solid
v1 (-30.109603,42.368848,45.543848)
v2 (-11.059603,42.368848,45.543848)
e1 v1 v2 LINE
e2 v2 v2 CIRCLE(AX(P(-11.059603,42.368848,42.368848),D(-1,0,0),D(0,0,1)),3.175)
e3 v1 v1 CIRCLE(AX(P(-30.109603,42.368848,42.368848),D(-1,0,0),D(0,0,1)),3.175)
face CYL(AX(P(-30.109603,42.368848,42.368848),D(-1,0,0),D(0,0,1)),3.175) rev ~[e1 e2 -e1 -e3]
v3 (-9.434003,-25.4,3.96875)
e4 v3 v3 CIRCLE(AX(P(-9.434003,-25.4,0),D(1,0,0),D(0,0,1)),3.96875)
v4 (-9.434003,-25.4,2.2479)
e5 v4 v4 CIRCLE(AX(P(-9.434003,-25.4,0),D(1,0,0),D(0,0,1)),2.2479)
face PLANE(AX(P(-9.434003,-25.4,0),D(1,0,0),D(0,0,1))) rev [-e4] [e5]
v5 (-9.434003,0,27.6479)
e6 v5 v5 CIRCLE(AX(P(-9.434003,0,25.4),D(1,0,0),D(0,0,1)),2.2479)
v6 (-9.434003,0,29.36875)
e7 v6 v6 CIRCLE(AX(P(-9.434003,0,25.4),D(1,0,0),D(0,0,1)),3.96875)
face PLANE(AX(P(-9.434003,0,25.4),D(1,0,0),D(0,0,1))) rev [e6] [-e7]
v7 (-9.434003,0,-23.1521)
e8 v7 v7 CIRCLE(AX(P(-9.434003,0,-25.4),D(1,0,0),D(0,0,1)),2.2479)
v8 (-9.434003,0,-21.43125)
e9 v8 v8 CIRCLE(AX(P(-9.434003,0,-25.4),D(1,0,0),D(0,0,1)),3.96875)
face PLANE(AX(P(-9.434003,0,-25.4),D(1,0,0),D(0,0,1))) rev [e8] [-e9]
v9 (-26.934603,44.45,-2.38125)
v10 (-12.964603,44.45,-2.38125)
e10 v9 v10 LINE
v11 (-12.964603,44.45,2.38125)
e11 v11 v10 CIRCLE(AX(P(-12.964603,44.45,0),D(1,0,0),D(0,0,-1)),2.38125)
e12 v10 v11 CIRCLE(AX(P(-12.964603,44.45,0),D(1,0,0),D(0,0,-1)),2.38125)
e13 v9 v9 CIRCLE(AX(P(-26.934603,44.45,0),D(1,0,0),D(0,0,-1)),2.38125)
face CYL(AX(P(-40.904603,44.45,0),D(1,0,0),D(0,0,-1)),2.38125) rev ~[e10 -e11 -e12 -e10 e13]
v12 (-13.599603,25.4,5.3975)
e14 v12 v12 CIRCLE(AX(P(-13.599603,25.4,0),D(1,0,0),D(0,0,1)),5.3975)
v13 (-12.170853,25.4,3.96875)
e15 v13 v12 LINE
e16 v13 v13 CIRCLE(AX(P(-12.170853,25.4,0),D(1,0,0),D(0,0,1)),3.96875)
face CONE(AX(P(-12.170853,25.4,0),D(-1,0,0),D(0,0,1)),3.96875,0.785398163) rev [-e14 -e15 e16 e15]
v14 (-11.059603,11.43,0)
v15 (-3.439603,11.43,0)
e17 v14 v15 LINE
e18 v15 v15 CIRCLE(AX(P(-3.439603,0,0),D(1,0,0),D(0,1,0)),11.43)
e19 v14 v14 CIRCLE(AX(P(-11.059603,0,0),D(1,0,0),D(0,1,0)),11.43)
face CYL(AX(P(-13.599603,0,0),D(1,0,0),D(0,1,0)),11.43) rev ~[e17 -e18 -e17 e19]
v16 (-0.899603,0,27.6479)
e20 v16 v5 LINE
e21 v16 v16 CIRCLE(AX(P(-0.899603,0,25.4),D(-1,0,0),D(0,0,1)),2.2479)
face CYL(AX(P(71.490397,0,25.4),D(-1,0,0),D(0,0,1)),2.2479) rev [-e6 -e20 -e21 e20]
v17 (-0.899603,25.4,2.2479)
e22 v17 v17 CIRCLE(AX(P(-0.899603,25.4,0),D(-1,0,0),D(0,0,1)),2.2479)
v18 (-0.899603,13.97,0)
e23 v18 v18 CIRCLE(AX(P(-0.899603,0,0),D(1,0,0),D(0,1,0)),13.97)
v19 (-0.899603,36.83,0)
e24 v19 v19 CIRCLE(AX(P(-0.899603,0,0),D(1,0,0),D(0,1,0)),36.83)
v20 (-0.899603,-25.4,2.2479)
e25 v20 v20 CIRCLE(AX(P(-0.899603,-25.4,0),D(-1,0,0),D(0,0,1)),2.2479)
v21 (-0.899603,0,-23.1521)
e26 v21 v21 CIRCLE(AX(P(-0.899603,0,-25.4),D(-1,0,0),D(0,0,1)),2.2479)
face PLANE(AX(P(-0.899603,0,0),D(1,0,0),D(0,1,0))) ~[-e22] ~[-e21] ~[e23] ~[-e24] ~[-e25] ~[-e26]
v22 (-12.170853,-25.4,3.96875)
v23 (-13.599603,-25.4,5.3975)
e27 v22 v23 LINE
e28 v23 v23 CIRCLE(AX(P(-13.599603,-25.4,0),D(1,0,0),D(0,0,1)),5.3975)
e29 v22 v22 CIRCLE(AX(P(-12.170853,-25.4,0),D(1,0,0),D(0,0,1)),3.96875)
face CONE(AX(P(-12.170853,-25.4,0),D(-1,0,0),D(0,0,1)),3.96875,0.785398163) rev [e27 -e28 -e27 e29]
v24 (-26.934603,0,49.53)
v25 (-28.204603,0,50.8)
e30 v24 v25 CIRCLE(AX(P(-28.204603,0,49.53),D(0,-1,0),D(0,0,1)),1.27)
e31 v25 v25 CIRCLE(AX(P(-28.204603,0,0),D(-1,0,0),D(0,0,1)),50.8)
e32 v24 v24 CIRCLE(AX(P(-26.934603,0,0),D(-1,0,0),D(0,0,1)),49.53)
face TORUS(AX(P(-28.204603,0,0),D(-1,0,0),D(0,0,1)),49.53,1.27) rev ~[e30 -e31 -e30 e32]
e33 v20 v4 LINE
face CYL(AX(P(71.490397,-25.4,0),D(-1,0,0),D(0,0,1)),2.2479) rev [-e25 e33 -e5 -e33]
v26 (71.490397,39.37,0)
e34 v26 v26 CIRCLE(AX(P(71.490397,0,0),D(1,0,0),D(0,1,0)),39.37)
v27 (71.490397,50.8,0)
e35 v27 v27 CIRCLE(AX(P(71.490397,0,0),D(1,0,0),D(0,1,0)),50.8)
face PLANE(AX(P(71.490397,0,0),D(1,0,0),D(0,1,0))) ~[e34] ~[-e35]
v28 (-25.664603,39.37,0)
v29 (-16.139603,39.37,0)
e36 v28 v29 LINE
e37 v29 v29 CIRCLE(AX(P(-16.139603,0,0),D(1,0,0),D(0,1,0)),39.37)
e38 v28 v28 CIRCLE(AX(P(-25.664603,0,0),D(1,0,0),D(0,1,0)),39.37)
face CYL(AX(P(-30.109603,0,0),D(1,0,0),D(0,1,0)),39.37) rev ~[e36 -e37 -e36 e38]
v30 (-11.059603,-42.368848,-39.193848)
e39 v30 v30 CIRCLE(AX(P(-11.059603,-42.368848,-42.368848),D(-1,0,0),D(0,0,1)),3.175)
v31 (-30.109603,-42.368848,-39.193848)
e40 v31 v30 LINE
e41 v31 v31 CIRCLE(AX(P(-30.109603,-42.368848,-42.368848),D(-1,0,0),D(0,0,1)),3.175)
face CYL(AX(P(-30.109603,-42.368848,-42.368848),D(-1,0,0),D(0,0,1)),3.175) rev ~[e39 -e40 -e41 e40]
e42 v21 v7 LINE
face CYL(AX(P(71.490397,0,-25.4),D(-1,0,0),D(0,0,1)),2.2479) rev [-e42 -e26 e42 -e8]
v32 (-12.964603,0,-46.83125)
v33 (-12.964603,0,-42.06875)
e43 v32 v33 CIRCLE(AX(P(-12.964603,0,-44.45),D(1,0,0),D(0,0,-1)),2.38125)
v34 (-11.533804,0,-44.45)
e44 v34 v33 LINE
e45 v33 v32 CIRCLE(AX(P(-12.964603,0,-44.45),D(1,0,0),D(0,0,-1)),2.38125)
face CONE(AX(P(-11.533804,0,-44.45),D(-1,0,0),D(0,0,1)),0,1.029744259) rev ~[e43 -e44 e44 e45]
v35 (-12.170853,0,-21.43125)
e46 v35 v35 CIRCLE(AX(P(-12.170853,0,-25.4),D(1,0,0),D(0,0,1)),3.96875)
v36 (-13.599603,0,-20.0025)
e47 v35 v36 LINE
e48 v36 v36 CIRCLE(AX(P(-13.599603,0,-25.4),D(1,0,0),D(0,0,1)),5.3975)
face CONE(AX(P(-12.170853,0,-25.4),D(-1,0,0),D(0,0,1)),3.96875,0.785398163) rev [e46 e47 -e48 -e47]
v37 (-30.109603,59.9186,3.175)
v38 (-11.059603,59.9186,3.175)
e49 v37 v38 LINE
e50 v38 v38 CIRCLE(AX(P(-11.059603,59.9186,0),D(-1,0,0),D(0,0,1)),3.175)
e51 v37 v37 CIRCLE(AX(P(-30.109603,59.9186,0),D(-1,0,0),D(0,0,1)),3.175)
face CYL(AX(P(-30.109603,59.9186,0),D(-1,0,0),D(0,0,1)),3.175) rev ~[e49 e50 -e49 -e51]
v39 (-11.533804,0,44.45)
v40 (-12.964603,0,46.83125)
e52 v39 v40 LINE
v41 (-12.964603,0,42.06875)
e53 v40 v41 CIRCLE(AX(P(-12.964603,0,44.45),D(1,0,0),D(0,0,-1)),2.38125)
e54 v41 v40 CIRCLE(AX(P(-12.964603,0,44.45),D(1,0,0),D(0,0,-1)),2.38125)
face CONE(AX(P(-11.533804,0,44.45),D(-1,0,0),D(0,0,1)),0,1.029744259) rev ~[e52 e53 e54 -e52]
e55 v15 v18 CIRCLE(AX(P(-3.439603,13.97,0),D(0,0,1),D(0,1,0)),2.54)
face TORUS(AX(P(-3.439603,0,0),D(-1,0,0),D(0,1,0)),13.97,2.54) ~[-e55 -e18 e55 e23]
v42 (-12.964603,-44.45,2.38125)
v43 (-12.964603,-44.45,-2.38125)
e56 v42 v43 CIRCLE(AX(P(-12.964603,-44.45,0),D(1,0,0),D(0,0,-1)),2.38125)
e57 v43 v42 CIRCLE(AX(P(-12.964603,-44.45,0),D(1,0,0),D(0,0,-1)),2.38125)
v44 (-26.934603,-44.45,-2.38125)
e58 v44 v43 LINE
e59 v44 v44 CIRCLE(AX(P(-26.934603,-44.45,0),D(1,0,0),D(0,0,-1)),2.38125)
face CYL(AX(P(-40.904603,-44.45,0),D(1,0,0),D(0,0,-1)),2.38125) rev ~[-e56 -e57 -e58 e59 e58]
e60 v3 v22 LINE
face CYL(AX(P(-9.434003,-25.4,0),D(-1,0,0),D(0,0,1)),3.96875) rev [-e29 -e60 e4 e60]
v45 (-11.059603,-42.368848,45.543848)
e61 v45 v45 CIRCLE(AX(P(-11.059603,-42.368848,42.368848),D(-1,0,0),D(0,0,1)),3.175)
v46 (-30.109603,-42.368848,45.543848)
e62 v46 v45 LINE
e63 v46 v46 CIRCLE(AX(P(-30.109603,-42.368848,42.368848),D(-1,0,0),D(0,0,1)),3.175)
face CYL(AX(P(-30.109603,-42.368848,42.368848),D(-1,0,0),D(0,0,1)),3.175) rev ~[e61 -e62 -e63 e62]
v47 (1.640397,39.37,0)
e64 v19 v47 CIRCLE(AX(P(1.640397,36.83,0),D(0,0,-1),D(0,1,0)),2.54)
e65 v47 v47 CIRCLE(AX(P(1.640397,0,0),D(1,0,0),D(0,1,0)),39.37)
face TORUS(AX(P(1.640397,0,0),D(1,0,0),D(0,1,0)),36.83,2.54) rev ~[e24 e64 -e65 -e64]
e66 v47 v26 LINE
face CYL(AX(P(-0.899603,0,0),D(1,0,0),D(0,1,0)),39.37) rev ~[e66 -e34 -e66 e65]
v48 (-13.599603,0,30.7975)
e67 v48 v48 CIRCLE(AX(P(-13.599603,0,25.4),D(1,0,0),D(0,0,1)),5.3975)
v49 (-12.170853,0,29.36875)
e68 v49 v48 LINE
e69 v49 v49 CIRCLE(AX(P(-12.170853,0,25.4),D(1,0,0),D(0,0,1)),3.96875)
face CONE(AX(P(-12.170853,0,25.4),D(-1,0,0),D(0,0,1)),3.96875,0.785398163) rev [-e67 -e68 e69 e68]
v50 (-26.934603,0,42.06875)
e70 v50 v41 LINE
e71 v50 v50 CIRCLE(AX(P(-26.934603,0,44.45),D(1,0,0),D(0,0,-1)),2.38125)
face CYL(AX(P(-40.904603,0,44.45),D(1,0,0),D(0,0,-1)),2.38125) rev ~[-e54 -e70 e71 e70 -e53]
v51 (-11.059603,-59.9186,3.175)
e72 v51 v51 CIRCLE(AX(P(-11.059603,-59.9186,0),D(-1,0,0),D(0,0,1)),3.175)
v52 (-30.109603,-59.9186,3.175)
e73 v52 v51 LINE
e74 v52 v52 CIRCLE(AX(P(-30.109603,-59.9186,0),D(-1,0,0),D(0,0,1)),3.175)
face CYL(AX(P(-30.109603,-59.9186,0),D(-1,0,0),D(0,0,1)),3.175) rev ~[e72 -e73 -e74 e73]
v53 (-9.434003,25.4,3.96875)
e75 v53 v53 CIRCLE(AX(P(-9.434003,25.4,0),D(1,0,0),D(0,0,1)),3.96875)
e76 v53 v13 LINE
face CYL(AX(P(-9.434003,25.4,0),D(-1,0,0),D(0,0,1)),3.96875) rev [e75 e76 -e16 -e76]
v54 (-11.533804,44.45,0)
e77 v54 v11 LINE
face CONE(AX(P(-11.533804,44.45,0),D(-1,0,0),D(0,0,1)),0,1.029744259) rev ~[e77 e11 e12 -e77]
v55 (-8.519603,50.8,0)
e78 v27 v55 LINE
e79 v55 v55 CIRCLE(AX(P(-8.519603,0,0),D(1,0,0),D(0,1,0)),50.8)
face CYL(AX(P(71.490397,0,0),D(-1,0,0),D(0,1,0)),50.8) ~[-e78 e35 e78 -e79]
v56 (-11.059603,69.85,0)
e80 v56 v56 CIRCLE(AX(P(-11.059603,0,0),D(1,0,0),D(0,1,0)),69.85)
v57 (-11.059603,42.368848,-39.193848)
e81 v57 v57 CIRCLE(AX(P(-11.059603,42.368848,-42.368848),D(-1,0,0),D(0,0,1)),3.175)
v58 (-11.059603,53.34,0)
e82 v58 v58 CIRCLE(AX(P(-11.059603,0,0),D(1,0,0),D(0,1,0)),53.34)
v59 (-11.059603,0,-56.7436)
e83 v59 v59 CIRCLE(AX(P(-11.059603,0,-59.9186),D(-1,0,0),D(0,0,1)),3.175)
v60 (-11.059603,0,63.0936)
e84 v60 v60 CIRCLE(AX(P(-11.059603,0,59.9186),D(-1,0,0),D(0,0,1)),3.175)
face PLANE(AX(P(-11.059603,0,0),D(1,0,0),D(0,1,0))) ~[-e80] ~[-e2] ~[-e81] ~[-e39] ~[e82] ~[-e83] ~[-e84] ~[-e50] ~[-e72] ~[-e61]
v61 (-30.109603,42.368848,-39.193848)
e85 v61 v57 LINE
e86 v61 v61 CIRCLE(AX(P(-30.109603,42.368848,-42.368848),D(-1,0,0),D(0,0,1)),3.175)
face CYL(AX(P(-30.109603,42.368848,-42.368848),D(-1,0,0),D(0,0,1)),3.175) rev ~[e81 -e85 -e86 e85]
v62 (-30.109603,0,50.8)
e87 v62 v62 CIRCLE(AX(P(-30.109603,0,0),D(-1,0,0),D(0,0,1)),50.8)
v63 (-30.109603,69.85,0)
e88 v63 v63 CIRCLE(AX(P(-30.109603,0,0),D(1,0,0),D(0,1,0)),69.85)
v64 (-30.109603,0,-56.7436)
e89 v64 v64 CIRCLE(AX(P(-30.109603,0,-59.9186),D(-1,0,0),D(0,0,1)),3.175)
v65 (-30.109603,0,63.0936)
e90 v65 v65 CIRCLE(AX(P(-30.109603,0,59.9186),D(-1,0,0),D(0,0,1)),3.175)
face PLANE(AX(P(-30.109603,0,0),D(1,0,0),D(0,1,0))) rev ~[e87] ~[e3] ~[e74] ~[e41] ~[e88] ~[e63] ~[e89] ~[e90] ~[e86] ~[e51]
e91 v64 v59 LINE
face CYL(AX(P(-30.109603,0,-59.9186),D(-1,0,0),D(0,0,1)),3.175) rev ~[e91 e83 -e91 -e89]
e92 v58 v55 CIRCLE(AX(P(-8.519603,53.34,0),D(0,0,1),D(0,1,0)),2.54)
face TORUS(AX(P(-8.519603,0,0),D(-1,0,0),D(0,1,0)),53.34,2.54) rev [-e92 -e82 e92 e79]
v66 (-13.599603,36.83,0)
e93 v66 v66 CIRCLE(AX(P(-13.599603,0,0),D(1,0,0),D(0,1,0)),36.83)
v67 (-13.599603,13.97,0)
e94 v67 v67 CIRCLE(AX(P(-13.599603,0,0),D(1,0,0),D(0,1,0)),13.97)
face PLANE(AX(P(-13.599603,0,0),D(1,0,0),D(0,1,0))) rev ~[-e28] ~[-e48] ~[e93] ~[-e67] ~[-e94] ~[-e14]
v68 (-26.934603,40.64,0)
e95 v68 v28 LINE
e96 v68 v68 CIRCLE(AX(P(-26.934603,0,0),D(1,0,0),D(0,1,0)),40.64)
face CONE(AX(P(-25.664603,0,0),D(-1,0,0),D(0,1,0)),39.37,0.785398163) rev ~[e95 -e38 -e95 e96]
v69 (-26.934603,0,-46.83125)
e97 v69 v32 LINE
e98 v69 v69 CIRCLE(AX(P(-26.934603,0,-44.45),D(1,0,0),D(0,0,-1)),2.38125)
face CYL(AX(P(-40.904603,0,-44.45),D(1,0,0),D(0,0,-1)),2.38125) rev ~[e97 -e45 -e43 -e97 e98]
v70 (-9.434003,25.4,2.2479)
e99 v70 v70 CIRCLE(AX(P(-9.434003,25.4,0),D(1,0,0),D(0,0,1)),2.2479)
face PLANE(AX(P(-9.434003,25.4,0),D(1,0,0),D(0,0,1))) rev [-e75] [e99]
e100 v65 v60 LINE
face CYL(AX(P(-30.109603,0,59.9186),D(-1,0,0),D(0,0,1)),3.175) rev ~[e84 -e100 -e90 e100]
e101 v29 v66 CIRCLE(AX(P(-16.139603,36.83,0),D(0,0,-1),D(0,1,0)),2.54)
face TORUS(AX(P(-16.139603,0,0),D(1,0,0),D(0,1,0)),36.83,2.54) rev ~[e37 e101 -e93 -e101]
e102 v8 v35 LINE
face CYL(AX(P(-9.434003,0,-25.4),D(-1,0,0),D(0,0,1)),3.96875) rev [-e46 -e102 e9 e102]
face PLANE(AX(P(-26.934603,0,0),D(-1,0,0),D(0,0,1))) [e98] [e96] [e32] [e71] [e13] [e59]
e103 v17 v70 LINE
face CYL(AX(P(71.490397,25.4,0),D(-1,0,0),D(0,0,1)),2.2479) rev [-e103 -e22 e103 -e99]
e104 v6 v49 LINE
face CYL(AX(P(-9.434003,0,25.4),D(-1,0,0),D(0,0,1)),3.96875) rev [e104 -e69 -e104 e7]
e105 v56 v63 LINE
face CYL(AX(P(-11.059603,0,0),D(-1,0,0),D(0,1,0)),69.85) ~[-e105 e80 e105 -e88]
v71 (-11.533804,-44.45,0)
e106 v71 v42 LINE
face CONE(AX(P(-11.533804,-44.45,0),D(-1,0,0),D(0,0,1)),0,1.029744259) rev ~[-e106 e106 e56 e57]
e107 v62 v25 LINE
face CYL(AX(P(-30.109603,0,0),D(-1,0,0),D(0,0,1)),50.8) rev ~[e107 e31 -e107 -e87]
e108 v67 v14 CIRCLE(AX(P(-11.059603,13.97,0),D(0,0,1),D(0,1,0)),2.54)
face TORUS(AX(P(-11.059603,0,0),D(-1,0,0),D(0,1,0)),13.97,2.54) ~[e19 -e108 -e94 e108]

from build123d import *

# Parameters (mm, degrees)
CUT_EXTRUDE2_REACH                            = 103.6
SKETCH3_R                                     = 3.175
FILLET2_R                                     = 2.54
CBORE_FOR_8_SOCKET_HEAD_CAP_SCREW1_AT_2_COUNT = 2
CBORE_FOR_8_SOCKET_HEAD_CAP_SCREW1_AT_2_PITCH = 35.921024484
CBORE_FOR_8_SOCKET_HEAD_CAP_SCREW1_AT_3_COUNT = 2
CBORE_FOR_8_SOCKET_HEAD_CAP_SCREW1_AT_3_PITCH = 35.921024484
CBORE_FOR_8_SOCKET_HEAD_CAP_SCREW1_AT_4_COUNT = 2
CBORE_FOR_8_SOCKET_HEAD_CAP_SCREW1_AT_4_PITCH = 50.8
FILLET3_R                                     = 2.54
SKETCH8_R                                     = 50.8
CUT_EXTRUDE3_DEPTH                            = 3.175
FILLET4_R                                     = 1.27
F_3_16_0_1875_DIAMETER_HOLE1_D                = 4.7625
F_3_16_0_1875_DIAMETER_HOLE1_DEPTH            = 13.97
F_3_16_0_1875_DIAMETER_HOLE1_TIP              = 1.430799349
CHAMFER2_SIZE                                 = 1.27


with BuildPart() as part:
    # Sketch1 → Revolve1 (revolve)
    with BuildSketch(Plane.XY):
        Polygon((-30.109602918, 50.8), (-30.109602918, 39.37), (-13.599602918, 39.37), (-13.599602918, 11.43), (-0.899602918, 11.43), (-0.899602918, 39.37), (71.490397082, 39.37), (71.490397082, 50.8), (-11.059602918, 50.8), (-11.059602918, 69.85), (-30.109602918, 69.85), align=None)
    revolve(axis=Axis((0, 0, 0), (1, 0, 0)))

    # Sketch3 → Cut-Extrude2 (cut, up to next)
    with BuildSketch(Plane.ZY.offset(30.109602918), mode=Mode.PRIVATE) as cut_extrude2_sk1:
        with Locations((0, 59.9186)):
            Circle(SKETCH3_R)
    cut_extrude2_tool1 = extrude(cut_extrude2_sk1.sketch, amount=-CUT_EXTRUDE2_REACH, mode=Mode.PRIVATE) & part.part
    add(cut_extrude2_tool1.solids().sort_by_distance((-30.109603, 59.9186, 0))[0], mode=Mode.SUBTRACT)
    # Sketch3 → Cut-Extrude2 (cut, up to next)
    with BuildSketch(Plane.ZY.offset(30.109602918), mode=Mode.PRIVATE) as cut_extrude2_sk2:
        with Locations((42.368848379, 42.368848379)):
            Circle(SKETCH3_R)
    cut_extrude2_tool2 = extrude(cut_extrude2_sk2.sketch, amount=-CUT_EXTRUDE2_REACH, mode=Mode.PRIVATE) & part.part
    add(cut_extrude2_tool2.solids().sort_by_distance((-30.109603, 42.368848, 42.368848))[0], mode=Mode.SUBTRACT)
    # Sketch3 → Cut-Extrude2 (cut, up to next)
    with BuildSketch(Plane.ZY.offset(30.109602918), mode=Mode.PRIVATE) as cut_extrude2_sk3:
        with Locations((59.9186, 0)):
            Circle(SKETCH3_R)
    cut_extrude2_tool3 = extrude(cut_extrude2_sk3.sketch, amount=-CUT_EXTRUDE2_REACH, mode=Mode.PRIVATE) & part.part
    add(cut_extrude2_tool3.solids().sort_by_distance((-30.109603, 0, 59.9186))[0], mode=Mode.SUBTRACT)
    # Sketch3 → Cut-Extrude2 (cut, up to next)
    with BuildSketch(Plane.ZY.offset(30.109602918), mode=Mode.PRIVATE) as cut_extrude2_sk4:
        with Locations((42.368848379, -42.368848379)):
            Circle(SKETCH3_R)
    cut_extrude2_tool4 = extrude(cut_extrude2_sk4.sketch, amount=-CUT_EXTRUDE2_REACH, mode=Mode.PRIVATE) & part.part
    add(cut_extrude2_tool4.solids().sort_by_distance((-30.109603, -42.368848, 42.368848))[0], mode=Mode.SUBTRACT)
    # Sketch3 → Cut-Extrude2 (cut, up to next)
    with BuildSketch(Plane.ZY.offset(30.109602918), mode=Mode.PRIVATE) as cut_extrude2_sk5:
        with Locations((0, -59.9186)):
            Circle(SKETCH3_R)
    cut_extrude2_tool5 = extrude(cut_extrude2_sk5.sketch, amount=-CUT_EXTRUDE2_REACH, mode=Mode.PRIVATE) & part.part
    add(cut_extrude2_tool5.solids().sort_by_distance((-30.109603, -59.9186, 0))[0], mode=Mode.SUBTRACT)
    # Sketch3 → Cut-Extrude2 (cut, up to next)
    with BuildSketch(Plane.ZY.offset(30.109602918), mode=Mode.PRIVATE) as cut_extrude2_sk6:
        with Locations((-42.368848379, -42.368848379)):
            Circle(SKETCH3_R)
    cut_extrude2_tool6 = extrude(cut_extrude2_sk6.sketch, amount=-CUT_EXTRUDE2_REACH, mode=Mode.PRIVATE) & part.part
    add(cut_extrude2_tool6.solids().sort_by_distance((-30.109603, -42.368848, -42.368848))[0], mode=Mode.SUBTRACT)
    # Sketch3 → Cut-Extrude2 (cut, up to next)
    with BuildSketch(Plane.ZY.offset(30.109602918), mode=Mode.PRIVATE) as cut_extrude2_sk7:
        with Locations((-59.9186, 0)):
            Circle(SKETCH3_R)
    cut_extrude2_tool7 = extrude(cut_extrude2_sk7.sketch, amount=-CUT_EXTRUDE2_REACH, mode=Mode.PRIVATE) & part.part
    add(cut_extrude2_tool7.solids().sort_by_distance((-30.109603, 0, -59.9186))[0], mode=Mode.SUBTRACT)
    # Sketch3 → Cut-Extrude2 (cut, up to next)
    with BuildSketch(Plane.ZY.offset(30.109602918), mode=Mode.PRIVATE) as cut_extrude2_sk8:
        with Locations((-42.368848379, 42.368848379)):
            Circle(SKETCH3_R)
    cut_extrude2_tool8 = extrude(cut_extrude2_sk8.sketch, amount=-CUT_EXTRUDE2_REACH, mode=Mode.PRIVATE) & part.part
    add(cut_extrude2_tool8.solids().sort_by_distance((-30.109603, 42.368848, -42.368848))[0], mode=Mode.SUBTRACT)

    # Fillet2
    fillet2_edges = [part.edges().sort_by_distance(p)[0] for p in [
        (-0.899602918, -39.37, 0),
        (-13.599602918, -39.37, 0),
        (-11.059602918, -50.8, 0),
    ]]
    fillet(fillet2_edges, radius=FILLET2_R)

    # Sketch5 → CBORE for #8 Socket Head Cap Screw1 (revolve, cut)
    with BuildSketch(Plane(origin=(-13.599602918, -25.4, 0), x_dir=(0, 0, 1), z_dir=(0, 1, 0))):
        Polygon((0, 0), (0, 85.09), (2.2479, 85.09), (2.2479, 4.1656), (3.96875, 4.1656), (3.96875, 1.42875), (5.3975, 0), align=None)
    cbore_for_8_socket_head_cap_screw1 = revolve(axis=Axis((-19.949602918, -25.4, 0), (1, 0, 0)), mode=Mode.SUBTRACT)

    # CBORE for #8 Socket Head Cap Screw1 at 2: CBORE for #8 Socket Head Cap Screw1 ×2
    with Locations(*[Vector(0, 0.707106781, -0.707106781) * (i * CBORE_FOR_8_SOCKET_HEAD_CAP_SCREW1_AT_2_PITCH) for i in range(1, CBORE_FOR_8_SOCKET_HEAD_CAP_SCREW1_AT_2_COUNT)]):
        add(cbore_for_8_socket_head_cap_screw1, mode=Mode.SUBTRACT)

    # CBORE for #8 Socket Head Cap Screw1 at 3: CBORE for #8 Socket Head Cap Screw1 ×2
    with Locations(*[Vector(0, 0.707106781, 0.707106781) * (i * CBORE_FOR_8_SOCKET_HEAD_CAP_SCREW1_AT_3_PITCH) for i in range(1, CBORE_FOR_8_SOCKET_HEAD_CAP_SCREW1_AT_3_COUNT)]):
        add(cbore_for_8_socket_head_cap_screw1, mode=Mode.SUBTRACT)

    # CBORE for #8 Socket Head Cap Screw1 at 4: CBORE for #8 Socket Head Cap Screw1 ×2
    with Locations(*[(0, i * CBORE_FOR_8_SOCKET_HEAD_CAP_SCREW1_AT_4_PITCH, 0) for i in range(1, CBORE_FOR_8_SOCKET_HEAD_CAP_SCREW1_AT_4_COUNT)]):
        add(cbore_for_8_socket_head_cap_screw1, mode=Mode.SUBTRACT)

    # Fillet3
    fillet3_edges = [part.edges().sort_by_distance(p)[0] for p in [
        (-0.899602918, -11.43, 0),
        (-13.599602918, -11.43, 0),
    ]]
    fillet(fillet3_edges, radius=FILLET3_R)

    # Sketch8 → Cut-Extrude3 (cut)
    with BuildSketch(Plane.ZY.offset(30.109602918)):
        Circle(SKETCH8_R)
    extrude(amount=-CUT_EXTRUDE3_DEPTH, mode=Mode.SUBTRACT)

    # Fillet4
    fillet4_edges = [part.edges().sort_by_distance(p)[0] for p in [
        (-26.934602918, 0, -50.8),
    ]]
    fillet(fillet4_edges, radius=FILLET4_R)

    # 3/16 (0.1875) Diameter Hole1
    with Locations(Plane.ZY.offset(26.934602918)):
        with Locations((-44.45, 0), (0, 44.45), (44.45, 0), (0, -44.45)):
            Hole(F_3_16_0_1875_DIAMETER_HOLE1_D / 2, depth=F_3_16_0_1875_DIAMETER_HOLE1_DEPTH)
            with Locations((0, 0, -(F_3_16_0_1875_DIAMETER_HOLE1_DEPTH + F_3_16_0_1875_DIAMETER_HOLE1_TIP / 2))):  # 118° drill point
                Cone(0, F_3_16_0_1875_DIAMETER_HOLE1_D / 2, F_3_16_0_1875_DIAMETER_HOLE1_TIP, mode=Mode.SUBTRACT)

    # Chamfer2
    chamfer2_edges = [part.edges().sort_by_distance(p)[0] for p in [
        (-26.934602918, -39.37, 0),
    ]]
    chamfer(chamfer2_edges, length=CHAMFER2_SIZE)


solid = part.part
